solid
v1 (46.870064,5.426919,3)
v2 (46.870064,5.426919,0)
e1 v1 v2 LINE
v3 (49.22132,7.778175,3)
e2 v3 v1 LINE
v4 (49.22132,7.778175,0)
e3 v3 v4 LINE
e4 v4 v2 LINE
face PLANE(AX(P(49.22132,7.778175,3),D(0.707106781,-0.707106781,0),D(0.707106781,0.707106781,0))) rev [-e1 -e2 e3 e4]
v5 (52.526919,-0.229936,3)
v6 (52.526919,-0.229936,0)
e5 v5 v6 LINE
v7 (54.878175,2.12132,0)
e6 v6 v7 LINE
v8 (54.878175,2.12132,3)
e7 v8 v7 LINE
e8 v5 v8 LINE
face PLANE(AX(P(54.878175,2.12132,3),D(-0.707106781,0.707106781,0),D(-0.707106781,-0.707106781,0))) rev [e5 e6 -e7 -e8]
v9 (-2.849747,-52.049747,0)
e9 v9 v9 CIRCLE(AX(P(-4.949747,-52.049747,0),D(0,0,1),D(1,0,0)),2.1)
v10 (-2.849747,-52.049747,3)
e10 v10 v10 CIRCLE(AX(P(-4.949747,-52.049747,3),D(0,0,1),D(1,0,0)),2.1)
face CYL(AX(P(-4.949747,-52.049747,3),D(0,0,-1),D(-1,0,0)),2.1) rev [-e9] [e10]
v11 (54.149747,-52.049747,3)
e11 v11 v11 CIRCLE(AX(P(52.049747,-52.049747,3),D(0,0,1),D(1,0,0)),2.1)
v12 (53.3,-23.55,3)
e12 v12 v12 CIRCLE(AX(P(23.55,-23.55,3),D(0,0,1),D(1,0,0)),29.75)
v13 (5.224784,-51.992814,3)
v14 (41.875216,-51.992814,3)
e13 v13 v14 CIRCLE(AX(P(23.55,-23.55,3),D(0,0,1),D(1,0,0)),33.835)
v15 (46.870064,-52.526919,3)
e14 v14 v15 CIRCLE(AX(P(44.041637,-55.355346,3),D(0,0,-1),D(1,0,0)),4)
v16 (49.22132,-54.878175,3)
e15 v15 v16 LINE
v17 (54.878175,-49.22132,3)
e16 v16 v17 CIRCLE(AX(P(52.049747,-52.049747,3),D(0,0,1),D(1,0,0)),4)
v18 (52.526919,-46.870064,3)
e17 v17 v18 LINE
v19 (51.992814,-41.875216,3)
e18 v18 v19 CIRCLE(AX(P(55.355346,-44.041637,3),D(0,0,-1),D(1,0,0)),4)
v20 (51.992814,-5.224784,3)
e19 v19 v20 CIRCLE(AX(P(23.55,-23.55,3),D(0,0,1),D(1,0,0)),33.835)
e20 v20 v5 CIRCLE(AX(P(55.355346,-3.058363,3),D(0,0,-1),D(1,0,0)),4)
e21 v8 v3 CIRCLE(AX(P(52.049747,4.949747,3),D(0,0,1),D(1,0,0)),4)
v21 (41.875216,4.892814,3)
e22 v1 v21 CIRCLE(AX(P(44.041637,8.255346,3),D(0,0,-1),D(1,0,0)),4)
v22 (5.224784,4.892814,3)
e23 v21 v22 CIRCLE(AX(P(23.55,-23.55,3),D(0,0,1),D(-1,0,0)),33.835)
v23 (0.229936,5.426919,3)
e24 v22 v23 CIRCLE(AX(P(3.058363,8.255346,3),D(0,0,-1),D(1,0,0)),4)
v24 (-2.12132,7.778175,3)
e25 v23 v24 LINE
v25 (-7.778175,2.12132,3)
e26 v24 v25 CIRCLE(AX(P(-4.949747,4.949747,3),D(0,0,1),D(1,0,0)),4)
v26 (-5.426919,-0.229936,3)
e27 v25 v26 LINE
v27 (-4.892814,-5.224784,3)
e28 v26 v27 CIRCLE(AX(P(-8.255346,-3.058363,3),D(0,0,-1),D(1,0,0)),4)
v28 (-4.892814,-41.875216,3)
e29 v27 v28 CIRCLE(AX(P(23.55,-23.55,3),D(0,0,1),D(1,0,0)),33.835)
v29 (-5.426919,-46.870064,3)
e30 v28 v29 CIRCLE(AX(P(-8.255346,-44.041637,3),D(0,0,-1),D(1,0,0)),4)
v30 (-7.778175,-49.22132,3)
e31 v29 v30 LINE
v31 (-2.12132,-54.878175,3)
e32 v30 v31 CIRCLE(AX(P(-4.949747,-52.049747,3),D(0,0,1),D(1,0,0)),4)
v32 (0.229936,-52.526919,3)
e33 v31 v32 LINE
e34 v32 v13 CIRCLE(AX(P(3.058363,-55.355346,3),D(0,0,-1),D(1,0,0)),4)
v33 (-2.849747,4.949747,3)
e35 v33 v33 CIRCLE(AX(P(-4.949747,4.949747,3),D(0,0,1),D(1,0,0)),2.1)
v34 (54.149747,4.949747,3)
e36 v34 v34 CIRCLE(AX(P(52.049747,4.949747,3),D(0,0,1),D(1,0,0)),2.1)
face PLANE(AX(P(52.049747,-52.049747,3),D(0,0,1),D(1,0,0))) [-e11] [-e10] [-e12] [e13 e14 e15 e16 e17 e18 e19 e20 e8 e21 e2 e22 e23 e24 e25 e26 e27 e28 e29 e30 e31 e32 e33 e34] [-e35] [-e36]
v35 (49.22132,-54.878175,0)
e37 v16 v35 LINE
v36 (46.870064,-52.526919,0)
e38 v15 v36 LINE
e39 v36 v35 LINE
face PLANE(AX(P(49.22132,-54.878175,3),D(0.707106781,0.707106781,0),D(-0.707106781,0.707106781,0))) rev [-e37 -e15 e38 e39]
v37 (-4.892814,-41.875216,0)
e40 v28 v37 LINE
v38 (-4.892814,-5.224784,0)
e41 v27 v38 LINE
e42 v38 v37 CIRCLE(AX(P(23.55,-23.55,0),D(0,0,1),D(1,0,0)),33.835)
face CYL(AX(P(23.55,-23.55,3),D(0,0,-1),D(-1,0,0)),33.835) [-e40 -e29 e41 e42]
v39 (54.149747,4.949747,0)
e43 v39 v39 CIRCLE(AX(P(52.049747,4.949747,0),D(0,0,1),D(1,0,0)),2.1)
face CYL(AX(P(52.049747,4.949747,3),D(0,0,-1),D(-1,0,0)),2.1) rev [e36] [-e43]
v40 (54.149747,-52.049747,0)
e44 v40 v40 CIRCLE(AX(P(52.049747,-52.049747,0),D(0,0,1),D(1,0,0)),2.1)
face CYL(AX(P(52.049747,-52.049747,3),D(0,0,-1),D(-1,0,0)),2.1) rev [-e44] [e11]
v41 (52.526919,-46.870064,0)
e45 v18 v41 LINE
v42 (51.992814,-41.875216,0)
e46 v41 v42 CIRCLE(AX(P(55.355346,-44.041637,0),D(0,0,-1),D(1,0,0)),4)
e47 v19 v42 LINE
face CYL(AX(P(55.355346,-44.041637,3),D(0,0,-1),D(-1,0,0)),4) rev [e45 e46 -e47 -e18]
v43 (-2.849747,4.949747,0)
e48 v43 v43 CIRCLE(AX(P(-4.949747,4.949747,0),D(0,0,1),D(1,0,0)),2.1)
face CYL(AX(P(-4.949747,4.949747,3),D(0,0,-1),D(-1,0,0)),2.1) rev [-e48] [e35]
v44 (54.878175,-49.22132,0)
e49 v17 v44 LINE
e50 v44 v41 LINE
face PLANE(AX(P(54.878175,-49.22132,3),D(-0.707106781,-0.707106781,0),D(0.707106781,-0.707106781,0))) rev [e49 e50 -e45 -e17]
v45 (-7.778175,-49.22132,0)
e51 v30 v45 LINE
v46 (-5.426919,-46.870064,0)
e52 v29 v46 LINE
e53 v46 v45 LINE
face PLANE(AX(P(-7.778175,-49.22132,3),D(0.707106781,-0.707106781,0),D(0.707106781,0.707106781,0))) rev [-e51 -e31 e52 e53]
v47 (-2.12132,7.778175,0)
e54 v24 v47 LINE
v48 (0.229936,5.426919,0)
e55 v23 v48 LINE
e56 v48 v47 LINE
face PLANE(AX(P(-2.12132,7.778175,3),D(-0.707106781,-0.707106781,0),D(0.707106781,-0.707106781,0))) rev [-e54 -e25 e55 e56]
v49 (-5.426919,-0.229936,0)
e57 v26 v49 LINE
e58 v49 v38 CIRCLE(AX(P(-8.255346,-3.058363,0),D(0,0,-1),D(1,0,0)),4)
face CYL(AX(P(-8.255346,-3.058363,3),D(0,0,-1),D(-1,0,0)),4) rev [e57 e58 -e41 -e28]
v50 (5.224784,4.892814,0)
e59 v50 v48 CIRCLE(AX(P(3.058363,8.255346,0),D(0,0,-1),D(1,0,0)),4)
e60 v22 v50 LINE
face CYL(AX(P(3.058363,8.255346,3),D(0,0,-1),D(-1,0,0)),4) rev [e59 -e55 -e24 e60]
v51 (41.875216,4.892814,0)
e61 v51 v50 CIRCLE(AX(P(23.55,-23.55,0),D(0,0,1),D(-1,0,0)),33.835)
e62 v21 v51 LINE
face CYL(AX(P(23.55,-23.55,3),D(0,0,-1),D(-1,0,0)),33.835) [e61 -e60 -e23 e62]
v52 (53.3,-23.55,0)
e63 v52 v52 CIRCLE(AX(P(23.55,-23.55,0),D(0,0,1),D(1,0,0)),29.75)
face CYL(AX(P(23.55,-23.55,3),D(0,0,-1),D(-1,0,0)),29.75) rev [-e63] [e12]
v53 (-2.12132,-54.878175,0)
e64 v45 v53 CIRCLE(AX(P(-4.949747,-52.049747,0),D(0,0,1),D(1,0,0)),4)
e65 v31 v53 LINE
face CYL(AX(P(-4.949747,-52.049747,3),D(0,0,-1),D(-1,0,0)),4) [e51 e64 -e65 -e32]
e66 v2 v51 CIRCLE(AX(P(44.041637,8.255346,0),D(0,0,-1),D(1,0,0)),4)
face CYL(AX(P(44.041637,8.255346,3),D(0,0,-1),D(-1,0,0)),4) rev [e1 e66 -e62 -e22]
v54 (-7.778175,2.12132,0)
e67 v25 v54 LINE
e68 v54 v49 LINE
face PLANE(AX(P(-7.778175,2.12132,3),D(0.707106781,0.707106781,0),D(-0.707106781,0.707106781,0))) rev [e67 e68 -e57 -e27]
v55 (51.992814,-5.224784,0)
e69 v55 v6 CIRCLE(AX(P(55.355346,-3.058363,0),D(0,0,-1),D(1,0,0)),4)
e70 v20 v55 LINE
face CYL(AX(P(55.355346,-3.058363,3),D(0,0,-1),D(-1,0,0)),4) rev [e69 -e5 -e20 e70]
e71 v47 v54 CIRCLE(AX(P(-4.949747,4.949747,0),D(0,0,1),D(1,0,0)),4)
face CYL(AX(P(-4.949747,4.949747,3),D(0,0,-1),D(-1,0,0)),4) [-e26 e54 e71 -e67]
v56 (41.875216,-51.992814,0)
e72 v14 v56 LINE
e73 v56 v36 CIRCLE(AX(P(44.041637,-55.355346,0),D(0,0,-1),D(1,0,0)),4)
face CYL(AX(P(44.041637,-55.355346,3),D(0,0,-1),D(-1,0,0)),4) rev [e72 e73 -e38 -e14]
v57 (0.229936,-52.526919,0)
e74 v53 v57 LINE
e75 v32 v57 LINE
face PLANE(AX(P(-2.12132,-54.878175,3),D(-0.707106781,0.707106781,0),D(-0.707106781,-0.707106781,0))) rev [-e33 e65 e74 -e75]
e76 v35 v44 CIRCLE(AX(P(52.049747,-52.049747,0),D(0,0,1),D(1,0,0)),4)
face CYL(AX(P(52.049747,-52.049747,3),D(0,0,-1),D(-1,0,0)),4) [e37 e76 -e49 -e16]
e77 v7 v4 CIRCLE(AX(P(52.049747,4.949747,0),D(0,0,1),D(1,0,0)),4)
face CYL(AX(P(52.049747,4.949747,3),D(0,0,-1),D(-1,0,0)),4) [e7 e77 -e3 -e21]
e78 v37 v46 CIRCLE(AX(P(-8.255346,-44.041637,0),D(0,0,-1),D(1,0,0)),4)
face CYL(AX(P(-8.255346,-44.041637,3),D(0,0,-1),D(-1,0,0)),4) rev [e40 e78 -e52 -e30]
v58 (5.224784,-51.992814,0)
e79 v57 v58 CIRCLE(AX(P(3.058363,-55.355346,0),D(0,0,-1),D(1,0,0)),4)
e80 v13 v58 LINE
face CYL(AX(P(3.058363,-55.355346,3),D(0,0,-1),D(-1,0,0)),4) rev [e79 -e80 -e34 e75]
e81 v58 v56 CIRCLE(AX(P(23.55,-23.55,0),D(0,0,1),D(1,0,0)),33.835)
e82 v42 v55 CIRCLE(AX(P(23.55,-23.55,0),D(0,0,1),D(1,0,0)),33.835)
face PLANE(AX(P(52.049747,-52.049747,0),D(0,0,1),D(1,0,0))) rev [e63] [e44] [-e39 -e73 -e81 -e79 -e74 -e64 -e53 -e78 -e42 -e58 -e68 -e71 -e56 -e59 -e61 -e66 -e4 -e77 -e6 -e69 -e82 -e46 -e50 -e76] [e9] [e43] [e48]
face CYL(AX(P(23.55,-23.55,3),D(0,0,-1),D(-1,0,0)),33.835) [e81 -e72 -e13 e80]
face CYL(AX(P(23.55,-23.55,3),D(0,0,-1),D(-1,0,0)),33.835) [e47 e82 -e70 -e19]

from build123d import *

# Parameters (mm, degrees)
SKETCH_1_R      = 2.1
SKETCH_1_R_2    = 29.75
EXTRUDE_1_DEPTH = 3


with BuildPart() as part:
    # 草图1 → 凸台-拉伸1 (new body)
    with BuildSketch(Plane.XY):
        with BuildLine():
            Line((49.221320344, -54.878174593), (46.870064467, -52.526918716))
            ThreePointArc((46.870064467, -52.526918716), (44.466937039, -51.378020085), (41.875216055, -51.992814233))
            ThreePointArc((41.875216055, -51.992814233), (23.55, -57.385), (5.224783944, -51.992814233))
            ThreePointArc((5.224783944, -51.992814233), (2.633062961, -51.378020085), (0.229935533, -52.526918716))
            Line((0.229935533, -52.526918716), (-2.121320344, -54.878174593))
            ThreePointArc((-2.121320344, -54.878174593), (-7.778174593, -54.878174593), (-7.778174593, -49.221320343))
            Line((-7.778174593, -49.221320343), (-5.426918716, -46.870064466))
            ThreePointArc((-5.426918716, -46.870064466), (-4.278020085, -44.466937039), (-4.892814233, -41.875216055))
            ThreePointArc((-4.892814233, -41.875216055), (-10.285, -23.55), (-4.892814233, -5.224783944))
            ThreePointArc((-4.892814233, -5.224783944), (-4.278020085, -2.633062961), (-5.426918716, -0.229935533))
            Line((-5.426918716, -0.229935533), (-7.778174593, 2.121320344))
            ThreePointArc((-7.778174593, 2.121320344), (-7.778174593, 7.778174593), (-2.121320343, 7.778174593))
            Line((-2.121320343, 7.778174593), (0.229935534, 5.426918716))
            ThreePointArc((0.229935534, 5.426918716), (2.633062962, 4.278020085), (5.224783945, 4.892814234))
            ThreePointArc((5.224783945, 4.892814234), (23.55, 10.285), (41.875216056, 4.892814233))
            ThreePointArc((41.875216056, 4.892814233), (44.466937039, 4.278020085), (46.870064467, 5.426918716))
            Line((46.870064467, 5.426918716), (49.221320344, 7.778174593))
            ThreePointArc((49.221320344, 7.778174593), (54.878174593, 7.778174593), (54.878174593, 2.121320344))
            Line((54.878174593, 2.121320344), (52.526918716, -0.229935533))
            ThreePointArc((52.526918716, -0.229935533), (51.378020085, -2.633062961), (51.992814234, -5.224783945))
            ThreePointArc((51.992814234, -5.224783945), (57.385, -23.55), (51.992814233, -41.875216055))
            ThreePointArc((51.992814233, -41.875216055), (51.378020085, -44.466937039), (52.526918716, -46.870064467))
            Line((52.526918716, -46.870064467), (54.878174593, -49.221320344))
            ThreePointArc((54.878174593, -49.221320344), (54.878174593, -54.878174593), (49.221320344, -54.878174593))
        make_face()
        with Locations((52.049747468, -52.049747468)):
            Circle(SKETCH_1_R, mode=Mode.SUBTRACT)
        with Locations((-4.949747468, -52.049747468)):
            Circle(SKETCH_1_R, mode=Mode.SUBTRACT)
        with Locations((-4.949747468, 4.949747468)):
            Circle(SKETCH_1_R, mode=Mode.SUBTRACT)
        with Locations((52.049747468, 4.949747468)):
            Circle(SKETCH_1_R, mode=Mode.SUBTRACT)
        with Locations((23.55, -23.55)):
            Circle(SKETCH_1_R_2, mode=Mode.SUBTRACT)
    extrude(amount=EXTRUDE_1_DEPTH)


solid = part.part
